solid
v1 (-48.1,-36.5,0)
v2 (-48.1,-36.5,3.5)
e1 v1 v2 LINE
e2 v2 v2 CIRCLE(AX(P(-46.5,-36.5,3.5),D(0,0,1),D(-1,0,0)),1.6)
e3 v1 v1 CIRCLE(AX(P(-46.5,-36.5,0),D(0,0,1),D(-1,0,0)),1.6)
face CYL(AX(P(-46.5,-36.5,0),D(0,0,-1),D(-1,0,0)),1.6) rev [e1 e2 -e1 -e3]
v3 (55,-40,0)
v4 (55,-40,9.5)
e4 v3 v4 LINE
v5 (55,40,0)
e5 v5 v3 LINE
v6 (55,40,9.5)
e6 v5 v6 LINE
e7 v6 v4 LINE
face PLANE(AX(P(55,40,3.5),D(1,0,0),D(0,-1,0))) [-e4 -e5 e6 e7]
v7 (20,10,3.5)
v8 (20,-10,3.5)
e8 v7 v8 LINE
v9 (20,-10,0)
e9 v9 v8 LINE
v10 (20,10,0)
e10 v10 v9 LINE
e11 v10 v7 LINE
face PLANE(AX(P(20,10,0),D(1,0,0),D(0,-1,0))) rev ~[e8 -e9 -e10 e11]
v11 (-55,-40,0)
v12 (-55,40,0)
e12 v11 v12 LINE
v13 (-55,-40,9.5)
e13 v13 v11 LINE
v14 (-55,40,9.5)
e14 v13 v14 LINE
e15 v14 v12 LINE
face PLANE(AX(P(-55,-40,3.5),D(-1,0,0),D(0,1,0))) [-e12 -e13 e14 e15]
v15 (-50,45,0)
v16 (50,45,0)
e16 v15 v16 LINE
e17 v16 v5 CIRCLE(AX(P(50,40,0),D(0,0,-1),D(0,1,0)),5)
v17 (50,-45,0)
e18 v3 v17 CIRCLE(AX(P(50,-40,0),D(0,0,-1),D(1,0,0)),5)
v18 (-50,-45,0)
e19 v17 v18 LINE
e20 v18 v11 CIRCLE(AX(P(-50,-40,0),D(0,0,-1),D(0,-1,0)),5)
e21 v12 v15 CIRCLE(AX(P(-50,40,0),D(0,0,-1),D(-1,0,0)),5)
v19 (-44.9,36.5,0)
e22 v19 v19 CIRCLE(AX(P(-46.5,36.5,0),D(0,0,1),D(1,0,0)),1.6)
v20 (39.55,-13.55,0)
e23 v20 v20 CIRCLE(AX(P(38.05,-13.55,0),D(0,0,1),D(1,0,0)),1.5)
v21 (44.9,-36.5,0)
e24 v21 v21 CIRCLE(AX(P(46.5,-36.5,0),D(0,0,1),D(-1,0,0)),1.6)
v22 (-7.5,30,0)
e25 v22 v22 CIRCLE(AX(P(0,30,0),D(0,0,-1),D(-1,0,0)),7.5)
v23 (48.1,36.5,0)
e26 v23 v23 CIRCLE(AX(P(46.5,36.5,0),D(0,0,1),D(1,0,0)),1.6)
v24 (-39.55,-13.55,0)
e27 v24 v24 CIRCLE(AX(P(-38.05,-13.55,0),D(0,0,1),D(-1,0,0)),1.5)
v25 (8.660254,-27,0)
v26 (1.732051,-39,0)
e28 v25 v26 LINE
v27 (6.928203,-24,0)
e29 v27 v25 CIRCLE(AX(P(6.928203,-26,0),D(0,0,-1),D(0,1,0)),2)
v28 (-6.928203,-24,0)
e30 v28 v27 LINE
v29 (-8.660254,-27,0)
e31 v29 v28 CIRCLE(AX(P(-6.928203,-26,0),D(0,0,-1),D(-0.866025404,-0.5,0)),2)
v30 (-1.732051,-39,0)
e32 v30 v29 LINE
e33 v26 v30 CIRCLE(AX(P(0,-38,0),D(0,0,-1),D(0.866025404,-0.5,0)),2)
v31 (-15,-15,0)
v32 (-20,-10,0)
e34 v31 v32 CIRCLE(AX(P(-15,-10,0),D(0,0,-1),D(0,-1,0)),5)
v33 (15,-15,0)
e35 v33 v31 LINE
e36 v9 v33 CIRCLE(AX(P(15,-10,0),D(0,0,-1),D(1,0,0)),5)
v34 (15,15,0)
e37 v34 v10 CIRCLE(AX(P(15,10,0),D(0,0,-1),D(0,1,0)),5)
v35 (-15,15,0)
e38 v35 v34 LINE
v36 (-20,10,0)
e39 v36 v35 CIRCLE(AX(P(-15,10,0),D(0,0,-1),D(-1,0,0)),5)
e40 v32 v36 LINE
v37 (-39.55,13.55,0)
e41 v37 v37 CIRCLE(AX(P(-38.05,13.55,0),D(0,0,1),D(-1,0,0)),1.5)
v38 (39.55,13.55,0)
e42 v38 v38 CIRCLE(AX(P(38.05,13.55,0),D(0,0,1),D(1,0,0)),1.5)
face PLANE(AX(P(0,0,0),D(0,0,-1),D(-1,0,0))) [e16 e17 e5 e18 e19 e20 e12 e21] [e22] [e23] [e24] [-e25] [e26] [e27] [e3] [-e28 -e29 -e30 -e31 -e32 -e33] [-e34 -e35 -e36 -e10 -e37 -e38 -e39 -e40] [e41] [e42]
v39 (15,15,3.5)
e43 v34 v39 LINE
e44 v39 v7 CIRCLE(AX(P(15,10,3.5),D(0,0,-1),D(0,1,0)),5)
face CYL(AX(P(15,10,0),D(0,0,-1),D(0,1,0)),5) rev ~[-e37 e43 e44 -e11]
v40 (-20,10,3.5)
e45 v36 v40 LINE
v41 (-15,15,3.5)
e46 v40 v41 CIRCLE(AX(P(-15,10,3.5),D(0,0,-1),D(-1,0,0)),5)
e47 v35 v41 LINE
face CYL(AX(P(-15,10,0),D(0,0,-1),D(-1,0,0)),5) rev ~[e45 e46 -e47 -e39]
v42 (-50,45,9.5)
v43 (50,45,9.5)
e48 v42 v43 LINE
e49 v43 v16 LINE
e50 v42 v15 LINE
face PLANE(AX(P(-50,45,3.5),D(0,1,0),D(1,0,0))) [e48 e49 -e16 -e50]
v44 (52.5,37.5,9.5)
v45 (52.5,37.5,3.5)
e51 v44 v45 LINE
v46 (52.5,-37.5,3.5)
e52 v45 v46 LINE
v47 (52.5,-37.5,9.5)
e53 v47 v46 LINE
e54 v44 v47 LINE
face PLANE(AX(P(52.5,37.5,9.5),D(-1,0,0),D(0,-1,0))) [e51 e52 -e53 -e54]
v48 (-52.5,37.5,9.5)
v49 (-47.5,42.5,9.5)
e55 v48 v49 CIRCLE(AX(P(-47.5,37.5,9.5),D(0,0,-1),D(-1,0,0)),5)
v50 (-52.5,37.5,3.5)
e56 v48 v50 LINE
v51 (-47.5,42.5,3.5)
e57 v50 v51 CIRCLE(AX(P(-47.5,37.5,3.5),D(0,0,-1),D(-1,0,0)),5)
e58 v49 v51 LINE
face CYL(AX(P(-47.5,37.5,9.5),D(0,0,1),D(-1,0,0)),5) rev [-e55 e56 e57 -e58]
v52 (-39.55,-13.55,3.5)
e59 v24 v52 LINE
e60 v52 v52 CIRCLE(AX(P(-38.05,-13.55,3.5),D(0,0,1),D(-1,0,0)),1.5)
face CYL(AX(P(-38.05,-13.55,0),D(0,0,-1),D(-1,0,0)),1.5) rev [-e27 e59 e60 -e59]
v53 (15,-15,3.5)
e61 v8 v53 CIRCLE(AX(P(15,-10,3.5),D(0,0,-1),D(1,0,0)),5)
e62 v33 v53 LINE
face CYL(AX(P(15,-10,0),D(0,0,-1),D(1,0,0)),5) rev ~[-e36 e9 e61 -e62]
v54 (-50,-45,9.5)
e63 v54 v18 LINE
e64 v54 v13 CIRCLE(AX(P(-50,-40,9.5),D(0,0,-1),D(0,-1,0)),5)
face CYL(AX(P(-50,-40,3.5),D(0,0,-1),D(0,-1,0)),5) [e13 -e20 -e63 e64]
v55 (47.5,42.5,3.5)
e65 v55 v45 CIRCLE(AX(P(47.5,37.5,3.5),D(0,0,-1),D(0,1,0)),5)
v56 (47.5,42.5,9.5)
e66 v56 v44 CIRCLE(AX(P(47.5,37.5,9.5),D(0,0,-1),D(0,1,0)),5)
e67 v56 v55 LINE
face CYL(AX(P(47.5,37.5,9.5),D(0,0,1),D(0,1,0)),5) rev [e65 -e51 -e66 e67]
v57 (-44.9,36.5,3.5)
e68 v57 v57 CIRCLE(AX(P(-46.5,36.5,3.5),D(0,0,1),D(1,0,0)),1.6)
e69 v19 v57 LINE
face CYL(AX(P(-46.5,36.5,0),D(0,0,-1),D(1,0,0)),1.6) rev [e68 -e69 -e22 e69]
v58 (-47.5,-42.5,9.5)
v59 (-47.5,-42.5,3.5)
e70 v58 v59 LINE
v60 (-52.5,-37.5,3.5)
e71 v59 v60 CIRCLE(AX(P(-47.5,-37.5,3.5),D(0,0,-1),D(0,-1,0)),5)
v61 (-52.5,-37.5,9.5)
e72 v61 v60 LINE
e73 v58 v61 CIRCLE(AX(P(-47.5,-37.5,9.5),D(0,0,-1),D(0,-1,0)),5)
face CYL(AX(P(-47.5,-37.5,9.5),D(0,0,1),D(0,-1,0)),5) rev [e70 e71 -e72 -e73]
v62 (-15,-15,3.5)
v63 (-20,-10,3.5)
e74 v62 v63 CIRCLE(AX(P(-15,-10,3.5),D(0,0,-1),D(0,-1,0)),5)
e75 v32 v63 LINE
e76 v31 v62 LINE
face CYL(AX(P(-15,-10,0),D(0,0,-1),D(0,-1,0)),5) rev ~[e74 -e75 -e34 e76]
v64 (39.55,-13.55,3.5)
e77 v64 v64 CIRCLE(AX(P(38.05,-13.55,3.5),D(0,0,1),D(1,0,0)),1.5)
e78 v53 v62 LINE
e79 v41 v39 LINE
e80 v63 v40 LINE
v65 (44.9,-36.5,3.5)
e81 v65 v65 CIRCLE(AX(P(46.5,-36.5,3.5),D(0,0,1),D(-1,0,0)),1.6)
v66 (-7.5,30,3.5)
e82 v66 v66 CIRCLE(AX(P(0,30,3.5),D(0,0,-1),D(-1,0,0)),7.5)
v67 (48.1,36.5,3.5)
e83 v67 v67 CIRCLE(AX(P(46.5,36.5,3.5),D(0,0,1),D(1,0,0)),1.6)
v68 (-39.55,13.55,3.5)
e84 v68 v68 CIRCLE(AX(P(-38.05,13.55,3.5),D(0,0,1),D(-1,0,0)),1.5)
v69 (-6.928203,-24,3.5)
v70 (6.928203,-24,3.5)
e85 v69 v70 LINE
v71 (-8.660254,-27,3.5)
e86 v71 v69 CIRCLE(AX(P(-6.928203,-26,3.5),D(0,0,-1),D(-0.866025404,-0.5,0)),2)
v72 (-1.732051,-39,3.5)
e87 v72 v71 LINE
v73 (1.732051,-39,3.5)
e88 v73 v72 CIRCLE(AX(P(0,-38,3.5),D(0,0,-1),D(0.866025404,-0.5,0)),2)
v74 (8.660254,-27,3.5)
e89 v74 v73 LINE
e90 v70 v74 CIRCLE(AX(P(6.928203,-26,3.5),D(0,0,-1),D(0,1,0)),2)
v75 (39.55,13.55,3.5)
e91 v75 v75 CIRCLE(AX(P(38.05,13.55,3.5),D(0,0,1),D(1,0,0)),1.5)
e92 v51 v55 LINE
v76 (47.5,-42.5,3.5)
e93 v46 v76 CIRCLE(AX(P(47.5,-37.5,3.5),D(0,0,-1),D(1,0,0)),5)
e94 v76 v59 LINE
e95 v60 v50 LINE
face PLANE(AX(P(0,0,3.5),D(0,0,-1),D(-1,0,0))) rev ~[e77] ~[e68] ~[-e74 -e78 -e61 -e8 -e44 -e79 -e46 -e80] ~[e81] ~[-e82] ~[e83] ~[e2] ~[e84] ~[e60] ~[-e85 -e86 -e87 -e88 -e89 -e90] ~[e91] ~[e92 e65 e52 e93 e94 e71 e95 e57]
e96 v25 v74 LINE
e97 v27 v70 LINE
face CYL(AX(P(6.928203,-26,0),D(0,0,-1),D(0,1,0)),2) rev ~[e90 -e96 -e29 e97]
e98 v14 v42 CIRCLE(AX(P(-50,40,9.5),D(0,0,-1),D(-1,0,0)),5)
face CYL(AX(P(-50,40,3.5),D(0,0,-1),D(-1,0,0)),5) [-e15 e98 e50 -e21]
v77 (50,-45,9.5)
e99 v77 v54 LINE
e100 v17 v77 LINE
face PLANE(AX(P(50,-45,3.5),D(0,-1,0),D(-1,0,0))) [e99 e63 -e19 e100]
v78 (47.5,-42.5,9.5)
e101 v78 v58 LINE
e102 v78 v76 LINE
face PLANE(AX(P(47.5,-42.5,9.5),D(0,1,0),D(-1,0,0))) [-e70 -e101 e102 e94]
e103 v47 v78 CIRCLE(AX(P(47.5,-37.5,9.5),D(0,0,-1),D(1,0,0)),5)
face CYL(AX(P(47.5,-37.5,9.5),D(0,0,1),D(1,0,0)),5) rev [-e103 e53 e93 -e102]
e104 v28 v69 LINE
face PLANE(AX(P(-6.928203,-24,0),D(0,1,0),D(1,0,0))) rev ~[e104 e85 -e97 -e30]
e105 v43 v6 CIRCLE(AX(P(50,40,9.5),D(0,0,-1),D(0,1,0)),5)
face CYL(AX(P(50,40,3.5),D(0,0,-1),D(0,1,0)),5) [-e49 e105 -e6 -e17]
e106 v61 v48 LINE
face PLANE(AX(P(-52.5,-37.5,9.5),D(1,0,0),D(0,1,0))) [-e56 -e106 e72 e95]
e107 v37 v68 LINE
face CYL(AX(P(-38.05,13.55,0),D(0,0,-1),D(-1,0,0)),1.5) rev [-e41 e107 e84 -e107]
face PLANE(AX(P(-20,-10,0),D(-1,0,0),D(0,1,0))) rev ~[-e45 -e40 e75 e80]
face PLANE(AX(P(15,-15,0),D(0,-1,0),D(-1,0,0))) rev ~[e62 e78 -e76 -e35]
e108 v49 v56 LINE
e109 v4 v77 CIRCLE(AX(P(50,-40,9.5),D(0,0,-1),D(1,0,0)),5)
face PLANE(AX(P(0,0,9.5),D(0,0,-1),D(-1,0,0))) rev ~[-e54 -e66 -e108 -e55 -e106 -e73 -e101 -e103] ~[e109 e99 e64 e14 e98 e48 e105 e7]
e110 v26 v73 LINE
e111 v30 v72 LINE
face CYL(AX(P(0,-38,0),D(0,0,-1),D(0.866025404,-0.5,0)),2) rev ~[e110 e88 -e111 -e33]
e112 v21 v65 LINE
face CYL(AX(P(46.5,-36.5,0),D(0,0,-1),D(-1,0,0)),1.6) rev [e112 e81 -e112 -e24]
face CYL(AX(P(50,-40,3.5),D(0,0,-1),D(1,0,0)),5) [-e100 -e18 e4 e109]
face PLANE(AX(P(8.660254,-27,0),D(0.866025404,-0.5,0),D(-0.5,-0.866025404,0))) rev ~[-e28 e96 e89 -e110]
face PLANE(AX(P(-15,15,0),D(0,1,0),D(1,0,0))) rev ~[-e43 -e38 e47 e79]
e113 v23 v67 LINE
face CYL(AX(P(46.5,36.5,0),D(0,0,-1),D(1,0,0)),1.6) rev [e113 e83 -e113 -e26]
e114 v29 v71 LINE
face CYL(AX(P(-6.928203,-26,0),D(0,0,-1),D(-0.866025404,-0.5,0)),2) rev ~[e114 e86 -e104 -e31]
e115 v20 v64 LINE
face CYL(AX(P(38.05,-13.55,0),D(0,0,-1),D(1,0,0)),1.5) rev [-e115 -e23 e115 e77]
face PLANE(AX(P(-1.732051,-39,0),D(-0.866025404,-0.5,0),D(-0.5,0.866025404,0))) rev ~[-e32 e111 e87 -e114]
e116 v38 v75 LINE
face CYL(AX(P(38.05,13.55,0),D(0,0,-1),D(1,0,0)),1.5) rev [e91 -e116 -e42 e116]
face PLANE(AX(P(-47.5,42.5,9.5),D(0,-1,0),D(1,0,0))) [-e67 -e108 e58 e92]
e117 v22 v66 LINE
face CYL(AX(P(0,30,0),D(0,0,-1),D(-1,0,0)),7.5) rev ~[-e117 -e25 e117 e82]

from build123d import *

# Parameters (mm, degrees)
SKETCH1_R           = 1.6
SKETCH1_R_2         = 1.5
BOSS_EXTRUDE1_DEPTH = 3.5
SKETCH2_R           = 7.5
CUT_EXTRUDE1_DEPTH  = 10
BOSS_EXTRUDE2_DEPTH = 6
CUT_EXTRUDE2_DEPTH  = 6


with BuildPart() as part:
    # Sketch1 → Boss-Extrude1 (new body)
    with BuildSketch(Plane.XY):
        with BuildLine():
            Line((50, -45), (-50, -45))
            ThreePointArc((-50, -45), (-53.535533906, -43.535533906), (-55, -40))
            Line((-55, -40), (-55, 40))
            ThreePointArc((-55, 40), (-53.535533906, 43.535533906), (-50, 45))
            Line((-50, 45), (50, 45))
            ThreePointArc((50, 45), (53.535533906, 43.535533906), (55, 40))
            Line((55, 40), (55, -40))
            ThreePointArc((55, -40), (53.535533906, -43.535533906), (50, -45))
        make_face()
        with Locations((-46.5, 36.5)):
            Circle(SKETCH1_R, mode=Mode.SUBTRACT)
        with Locations((46.5, 36.5)):
            Circle(SKETCH1_R, mode=Mode.SUBTRACT)
        with Locations(Location((46.5, -36.5, 0), (0, 0, 180))):
            Circle(SKETCH1_R, mode=Mode.SUBTRACT)
        with Locations(Location((-46.5, -36.5, 0), (0, 0, 180))):
            Circle(SKETCH1_R, mode=Mode.SUBTRACT)
        with Locations((38.05, 13.55)):
            Circle(SKETCH1_R_2, mode=Mode.SUBTRACT)
        with Locations((38.05, -13.55)):
            Circle(SKETCH1_R_2, mode=Mode.SUBTRACT)
        with Locations(Location((-38.05, -13.55, 0), (0, 0, 180))):
            Circle(SKETCH1_R_2, mode=Mode.SUBTRACT)
        with Locations(Location((-38.05, 13.55, 0), (0, 0, 180))):
            Circle(SKETCH1_R_2, mode=Mode.SUBTRACT)
    extrude(amount=BOSS_EXTRUDE1_DEPTH)

    # Sketch2 → Cut-Extrude1 (cut)
    with BuildSketch(Plane(origin=(0, 0, 0), x_dir=(-1, 0, 0), z_dir=(0, 0, -1))):
        with Locations((0, 30)):
            Circle(SKETCH2_R)
        with BuildLine():
            Line((-15, -15), (15, -15))
            ThreePointArc((15, -15), (18.535533906, -13.535533906), (20, -10))
            Line((20, -10), (20, 10))
            ThreePointArc((20, 10), (18.535533906, 13.535533906), (15, 15))
            Line((15, 15), (-15, 15))
            ThreePointArc((-15, 15), (-18.535533906, 13.535533906), (-20, 10))
            Line((-20, 10), (-20, -10))
            ThreePointArc((-20, -10), (-18.535533906, -13.535533906), (-15, -15))
        make_face()
        with BuildLine():
            Line((1.732050808, -39), (8.660254038, -27))
            ThreePointArc((8.660254038, -27), (8.660254038, -25), (6.92820323, -24))
            Line((6.92820323, -24), (-6.92820323, -24))
            ThreePointArc((-6.92820323, -24), (-8.660254038, -25), (-8.660254038, -27))
            Line((-8.660254038, -27), (-1.732050808, -39))
            ThreePointArc((-1.732050808, -39), (0, -40), (1.732050808, -39))
        make_face()
    extrude(amount=-CUT_EXTRUDE1_DEPTH, mode=Mode.SUBTRACT)

    # Sketch3 → Boss-Extrude2 (add)
    with BuildSketch(Plane.XY.offset(3.5)):
        with BuildLine():
            Line((50, -45), (-50, -45))
            ThreePointArc((-50, -45), (-53.535533906, -43.535533906), (-55, -40))
            Line((-55, -40), (-55, 40))
            ThreePointArc((-55, 40), (-53.535533906, 43.535533906), (-50, 45))
            Line((-50, 45), (50, 45))
            ThreePointArc((50, 45), (53.535533906, 43.535533906), (55, 40))
            Line((55, 40), (55, -40))
            ThreePointArc((55, -40), (53.535533906, -43.535533906), (50, -45))
        make_face()
    extrude(amount=BOSS_EXTRUDE2_DEPTH)

    # Sketch4 → Cut-Extrude2 (cut)
    with BuildSketch(Plane.XY.offset(9.5)):
        with BuildLine():
            Line((47.5, -42.5), (-47.5, -42.5))
            ThreePointArc((-47.5, -42.5), (-51.035533906, -41.035533906), (-52.5, -37.5))
            Line((-52.5, -37.5), (-52.5, 37.5))
            ThreePointArc((-52.5, 37.5), (-51.035533906, 41.035533906), (-47.5, 42.5))
            Line((-47.5, 42.5), (47.5, 42.5))
            ThreePointArc((47.5, 42.5), (51.035533906, 41.035533906), (52.5, 37.5))
            Line((52.5, 37.5), (52.5, -37.5))
            ThreePointArc((52.5, -37.5), (51.035533906, -41.035533906), (47.5, -42.5))
        make_face()
    extrude(amount=-CUT_EXTRUDE2_DEPTH, mode=Mode.SUBTRACT)


solid = part.part
